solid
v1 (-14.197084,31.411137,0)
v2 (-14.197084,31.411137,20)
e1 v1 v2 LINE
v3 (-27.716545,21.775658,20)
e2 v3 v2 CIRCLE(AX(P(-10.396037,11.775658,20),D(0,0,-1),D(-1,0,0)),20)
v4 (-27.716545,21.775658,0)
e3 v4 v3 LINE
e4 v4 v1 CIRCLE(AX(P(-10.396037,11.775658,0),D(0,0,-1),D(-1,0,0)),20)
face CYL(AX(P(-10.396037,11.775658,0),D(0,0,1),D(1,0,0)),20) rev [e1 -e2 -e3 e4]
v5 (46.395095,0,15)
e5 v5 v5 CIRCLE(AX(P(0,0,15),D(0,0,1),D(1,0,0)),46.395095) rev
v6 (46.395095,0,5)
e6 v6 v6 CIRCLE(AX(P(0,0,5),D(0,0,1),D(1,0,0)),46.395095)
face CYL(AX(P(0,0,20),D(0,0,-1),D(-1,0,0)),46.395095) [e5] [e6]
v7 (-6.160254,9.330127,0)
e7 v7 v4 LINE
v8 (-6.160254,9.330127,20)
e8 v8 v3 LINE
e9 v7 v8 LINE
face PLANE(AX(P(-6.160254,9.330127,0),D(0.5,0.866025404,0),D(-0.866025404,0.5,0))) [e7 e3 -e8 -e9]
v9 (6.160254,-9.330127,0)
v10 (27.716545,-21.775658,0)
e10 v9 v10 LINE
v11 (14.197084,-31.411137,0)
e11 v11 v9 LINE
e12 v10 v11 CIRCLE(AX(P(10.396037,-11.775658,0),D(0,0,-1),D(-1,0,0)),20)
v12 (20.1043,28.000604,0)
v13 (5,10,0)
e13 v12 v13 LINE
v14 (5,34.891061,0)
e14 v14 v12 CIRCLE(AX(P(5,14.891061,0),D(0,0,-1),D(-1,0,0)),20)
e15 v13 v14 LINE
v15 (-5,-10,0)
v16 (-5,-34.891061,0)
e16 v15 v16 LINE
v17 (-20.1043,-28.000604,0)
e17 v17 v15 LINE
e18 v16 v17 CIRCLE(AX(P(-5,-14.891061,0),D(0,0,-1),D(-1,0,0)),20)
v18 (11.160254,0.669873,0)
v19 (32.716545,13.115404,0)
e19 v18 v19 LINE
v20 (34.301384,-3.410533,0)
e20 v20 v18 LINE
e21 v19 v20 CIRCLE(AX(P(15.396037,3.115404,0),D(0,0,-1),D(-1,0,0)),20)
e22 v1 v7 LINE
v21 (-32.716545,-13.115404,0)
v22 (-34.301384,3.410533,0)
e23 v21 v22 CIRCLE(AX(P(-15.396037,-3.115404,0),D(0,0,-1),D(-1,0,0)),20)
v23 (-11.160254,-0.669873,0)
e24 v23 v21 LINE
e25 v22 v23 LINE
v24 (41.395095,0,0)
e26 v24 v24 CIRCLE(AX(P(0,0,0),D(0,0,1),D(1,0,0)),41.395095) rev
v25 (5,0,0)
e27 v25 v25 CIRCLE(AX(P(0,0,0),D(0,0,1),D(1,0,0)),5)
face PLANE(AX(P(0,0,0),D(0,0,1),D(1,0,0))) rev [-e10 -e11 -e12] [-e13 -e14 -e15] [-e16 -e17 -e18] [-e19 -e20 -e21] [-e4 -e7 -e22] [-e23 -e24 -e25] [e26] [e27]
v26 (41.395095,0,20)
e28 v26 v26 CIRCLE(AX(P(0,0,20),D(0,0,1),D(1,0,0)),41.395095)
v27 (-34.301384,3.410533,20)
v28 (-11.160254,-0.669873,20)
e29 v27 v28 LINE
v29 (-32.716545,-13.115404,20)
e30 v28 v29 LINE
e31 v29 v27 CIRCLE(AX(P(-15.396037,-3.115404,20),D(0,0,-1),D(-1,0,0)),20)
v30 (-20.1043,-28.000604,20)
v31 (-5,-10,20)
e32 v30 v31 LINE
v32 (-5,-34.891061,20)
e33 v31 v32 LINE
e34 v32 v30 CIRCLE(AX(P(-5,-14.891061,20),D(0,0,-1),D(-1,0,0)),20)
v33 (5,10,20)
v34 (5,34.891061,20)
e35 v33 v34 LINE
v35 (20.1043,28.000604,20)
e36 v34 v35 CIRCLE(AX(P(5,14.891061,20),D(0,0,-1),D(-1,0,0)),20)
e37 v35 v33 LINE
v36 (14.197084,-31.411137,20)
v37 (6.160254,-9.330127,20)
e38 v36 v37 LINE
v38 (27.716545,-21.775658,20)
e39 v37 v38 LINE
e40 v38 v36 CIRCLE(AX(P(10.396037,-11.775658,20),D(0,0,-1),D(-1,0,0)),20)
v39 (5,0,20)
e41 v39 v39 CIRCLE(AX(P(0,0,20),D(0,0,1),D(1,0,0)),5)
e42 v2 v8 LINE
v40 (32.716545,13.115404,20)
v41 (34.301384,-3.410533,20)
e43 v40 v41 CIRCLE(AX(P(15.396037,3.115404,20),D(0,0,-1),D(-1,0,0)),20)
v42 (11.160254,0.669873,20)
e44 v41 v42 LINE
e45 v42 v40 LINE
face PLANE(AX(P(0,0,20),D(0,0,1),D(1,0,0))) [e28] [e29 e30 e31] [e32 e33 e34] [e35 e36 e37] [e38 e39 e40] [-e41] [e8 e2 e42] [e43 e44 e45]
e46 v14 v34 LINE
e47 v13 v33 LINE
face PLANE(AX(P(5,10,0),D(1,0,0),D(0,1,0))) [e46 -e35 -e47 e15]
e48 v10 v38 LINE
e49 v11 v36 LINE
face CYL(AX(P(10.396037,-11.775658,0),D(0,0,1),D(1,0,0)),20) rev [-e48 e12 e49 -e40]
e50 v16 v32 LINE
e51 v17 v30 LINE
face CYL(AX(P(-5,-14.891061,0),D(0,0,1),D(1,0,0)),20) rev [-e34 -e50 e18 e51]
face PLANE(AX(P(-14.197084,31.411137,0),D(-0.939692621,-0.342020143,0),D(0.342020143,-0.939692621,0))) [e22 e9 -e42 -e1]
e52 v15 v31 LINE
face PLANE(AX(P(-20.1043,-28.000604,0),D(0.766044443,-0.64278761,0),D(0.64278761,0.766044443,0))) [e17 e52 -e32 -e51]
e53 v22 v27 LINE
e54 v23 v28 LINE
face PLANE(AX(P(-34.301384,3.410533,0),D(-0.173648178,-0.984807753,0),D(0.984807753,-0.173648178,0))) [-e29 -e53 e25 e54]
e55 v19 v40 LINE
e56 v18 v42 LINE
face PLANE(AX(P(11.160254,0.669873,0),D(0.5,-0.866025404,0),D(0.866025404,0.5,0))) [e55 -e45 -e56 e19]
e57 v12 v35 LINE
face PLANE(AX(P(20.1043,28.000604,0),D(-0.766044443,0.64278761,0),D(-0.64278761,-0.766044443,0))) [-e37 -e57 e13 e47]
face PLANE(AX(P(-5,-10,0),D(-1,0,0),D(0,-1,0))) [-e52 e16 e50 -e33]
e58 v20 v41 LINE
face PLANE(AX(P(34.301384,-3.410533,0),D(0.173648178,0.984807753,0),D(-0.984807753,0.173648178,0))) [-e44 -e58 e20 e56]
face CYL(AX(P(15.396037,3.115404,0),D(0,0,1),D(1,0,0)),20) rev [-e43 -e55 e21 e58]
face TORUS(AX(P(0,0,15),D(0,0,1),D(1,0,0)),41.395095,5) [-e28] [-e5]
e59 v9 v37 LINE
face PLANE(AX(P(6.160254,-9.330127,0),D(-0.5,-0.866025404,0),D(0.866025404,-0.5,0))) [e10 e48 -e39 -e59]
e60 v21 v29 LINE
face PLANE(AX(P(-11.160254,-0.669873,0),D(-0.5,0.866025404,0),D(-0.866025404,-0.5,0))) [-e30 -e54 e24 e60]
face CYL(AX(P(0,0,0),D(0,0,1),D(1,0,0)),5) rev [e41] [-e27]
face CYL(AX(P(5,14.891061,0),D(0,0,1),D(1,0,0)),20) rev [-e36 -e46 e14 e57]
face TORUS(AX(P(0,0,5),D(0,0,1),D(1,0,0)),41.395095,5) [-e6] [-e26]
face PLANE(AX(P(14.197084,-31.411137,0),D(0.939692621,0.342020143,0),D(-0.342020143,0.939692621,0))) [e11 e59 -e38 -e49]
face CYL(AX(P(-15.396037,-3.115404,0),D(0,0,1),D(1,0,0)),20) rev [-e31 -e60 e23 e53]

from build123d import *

# Parameters (mm, degrees)
SKETCH1_R           = 46.395094555
BOSS_EXTRUDE1_DEPTH = 20
FILLET1_R           = 5
SKETCH2_R           = 5
CUT_EXTRUDE1_DEPTH  = 69.593072653
CUT_EXTRUDE2_DEPTH  = 69.593072653


with BuildPart() as part:
    # Sketch1 → Boss-Extrude1 (new body)
    with BuildSketch(Plane.XY):
        Circle(SKETCH1_R)
    extrude(amount=BOSS_EXTRUDE1_DEPTH)

    # Fillet1
    fillet1_edges = [part.edges().sort_by_distance(p)[0] for p in [
        (-46.395094555, 0, 0),
        (-46.395094555, 0, 20),
    ]]
    fillet(fillet1_edges, radius=FILLET1_R)

    # Sketch2 → Cut-Extrude1 (cut, through all)
    with BuildSketch(Plane.XY.offset(20)):
        Circle(SKETCH2_R)
    extrude(amount=-CUT_EXTRUDE1_DEPTH, mode=Mode.SUBTRACT)

    # Sketch3 → Cut-Extrude2 (cut, through all)
    with BuildSketch(Plane.XY.offset(20)):
        with BuildLine():
            Line((5, 10), (5, 34.891061086))
            ThreePointArc((5, 34.891061086), (13.300877708, 33.087088929), (20.104300189, 28.000604014))
            Line((20.104300189, 28.000604014), (5, 10))
        make_face()
        with BuildLine():
            Line((34.301384492, -3.410532682), (11.160254038, 0.669872981))
            Line((11.160254038, 0.669872981), (32.716545265, 13.115403524))
            ThreePointArc((32.716545265, 13.115403524), (35.304698404, 5.024646477), (34.301384492, -3.410532682))
        make_face()
        with BuildLine():
            Line((14.197084303, -31.411136696), (6.160254038, -9.330127019))
            Line((6.160254038, -9.330127019), (27.716545265, -21.775657562))
            ThreePointArc((27.716545265, -21.775657562), (22.003820696, -28.062442452), (14.197084303, -31.411136696))
        make_face()
        with BuildLine():
            Line((-20.104300189, -28.000604014), (-5, -10))
            Line((-5, -10), (-5, -34.891061086))
            ThreePointArc((-5, -34.891061086), (-13.300877708, -33.087088929), (-20.104300189, -28.000604014))
        make_face()
        with BuildLine():
            Line((-34.301384492, 3.410532682), (-11.160254038, -0.669872981))
            Line((-11.160254038, -0.669872981), (-32.716545265, -13.115403524))
            ThreePointArc((-32.716545265, -13.115403524), (-35.304698404, -5.024646477), (-34.301384492, 3.410532682))
        make_face()
        with BuildLine():
            Line((-14.197084303, 31.411136696), (-6.160254038, 9.330127019))
            Line((-6.160254038, 9.330127019), (-27.716545265, 21.775657562))
            ThreePointArc((-27.716545265, 21.775657562), (-22.003820696, 28.062442452), (-14.197084303, 31.411136696))
        make_face()
    extrude(amount=-CUT_EXTRUDE2_DEPTH, mode=Mode.SUBTRACT)


solid = part.part
